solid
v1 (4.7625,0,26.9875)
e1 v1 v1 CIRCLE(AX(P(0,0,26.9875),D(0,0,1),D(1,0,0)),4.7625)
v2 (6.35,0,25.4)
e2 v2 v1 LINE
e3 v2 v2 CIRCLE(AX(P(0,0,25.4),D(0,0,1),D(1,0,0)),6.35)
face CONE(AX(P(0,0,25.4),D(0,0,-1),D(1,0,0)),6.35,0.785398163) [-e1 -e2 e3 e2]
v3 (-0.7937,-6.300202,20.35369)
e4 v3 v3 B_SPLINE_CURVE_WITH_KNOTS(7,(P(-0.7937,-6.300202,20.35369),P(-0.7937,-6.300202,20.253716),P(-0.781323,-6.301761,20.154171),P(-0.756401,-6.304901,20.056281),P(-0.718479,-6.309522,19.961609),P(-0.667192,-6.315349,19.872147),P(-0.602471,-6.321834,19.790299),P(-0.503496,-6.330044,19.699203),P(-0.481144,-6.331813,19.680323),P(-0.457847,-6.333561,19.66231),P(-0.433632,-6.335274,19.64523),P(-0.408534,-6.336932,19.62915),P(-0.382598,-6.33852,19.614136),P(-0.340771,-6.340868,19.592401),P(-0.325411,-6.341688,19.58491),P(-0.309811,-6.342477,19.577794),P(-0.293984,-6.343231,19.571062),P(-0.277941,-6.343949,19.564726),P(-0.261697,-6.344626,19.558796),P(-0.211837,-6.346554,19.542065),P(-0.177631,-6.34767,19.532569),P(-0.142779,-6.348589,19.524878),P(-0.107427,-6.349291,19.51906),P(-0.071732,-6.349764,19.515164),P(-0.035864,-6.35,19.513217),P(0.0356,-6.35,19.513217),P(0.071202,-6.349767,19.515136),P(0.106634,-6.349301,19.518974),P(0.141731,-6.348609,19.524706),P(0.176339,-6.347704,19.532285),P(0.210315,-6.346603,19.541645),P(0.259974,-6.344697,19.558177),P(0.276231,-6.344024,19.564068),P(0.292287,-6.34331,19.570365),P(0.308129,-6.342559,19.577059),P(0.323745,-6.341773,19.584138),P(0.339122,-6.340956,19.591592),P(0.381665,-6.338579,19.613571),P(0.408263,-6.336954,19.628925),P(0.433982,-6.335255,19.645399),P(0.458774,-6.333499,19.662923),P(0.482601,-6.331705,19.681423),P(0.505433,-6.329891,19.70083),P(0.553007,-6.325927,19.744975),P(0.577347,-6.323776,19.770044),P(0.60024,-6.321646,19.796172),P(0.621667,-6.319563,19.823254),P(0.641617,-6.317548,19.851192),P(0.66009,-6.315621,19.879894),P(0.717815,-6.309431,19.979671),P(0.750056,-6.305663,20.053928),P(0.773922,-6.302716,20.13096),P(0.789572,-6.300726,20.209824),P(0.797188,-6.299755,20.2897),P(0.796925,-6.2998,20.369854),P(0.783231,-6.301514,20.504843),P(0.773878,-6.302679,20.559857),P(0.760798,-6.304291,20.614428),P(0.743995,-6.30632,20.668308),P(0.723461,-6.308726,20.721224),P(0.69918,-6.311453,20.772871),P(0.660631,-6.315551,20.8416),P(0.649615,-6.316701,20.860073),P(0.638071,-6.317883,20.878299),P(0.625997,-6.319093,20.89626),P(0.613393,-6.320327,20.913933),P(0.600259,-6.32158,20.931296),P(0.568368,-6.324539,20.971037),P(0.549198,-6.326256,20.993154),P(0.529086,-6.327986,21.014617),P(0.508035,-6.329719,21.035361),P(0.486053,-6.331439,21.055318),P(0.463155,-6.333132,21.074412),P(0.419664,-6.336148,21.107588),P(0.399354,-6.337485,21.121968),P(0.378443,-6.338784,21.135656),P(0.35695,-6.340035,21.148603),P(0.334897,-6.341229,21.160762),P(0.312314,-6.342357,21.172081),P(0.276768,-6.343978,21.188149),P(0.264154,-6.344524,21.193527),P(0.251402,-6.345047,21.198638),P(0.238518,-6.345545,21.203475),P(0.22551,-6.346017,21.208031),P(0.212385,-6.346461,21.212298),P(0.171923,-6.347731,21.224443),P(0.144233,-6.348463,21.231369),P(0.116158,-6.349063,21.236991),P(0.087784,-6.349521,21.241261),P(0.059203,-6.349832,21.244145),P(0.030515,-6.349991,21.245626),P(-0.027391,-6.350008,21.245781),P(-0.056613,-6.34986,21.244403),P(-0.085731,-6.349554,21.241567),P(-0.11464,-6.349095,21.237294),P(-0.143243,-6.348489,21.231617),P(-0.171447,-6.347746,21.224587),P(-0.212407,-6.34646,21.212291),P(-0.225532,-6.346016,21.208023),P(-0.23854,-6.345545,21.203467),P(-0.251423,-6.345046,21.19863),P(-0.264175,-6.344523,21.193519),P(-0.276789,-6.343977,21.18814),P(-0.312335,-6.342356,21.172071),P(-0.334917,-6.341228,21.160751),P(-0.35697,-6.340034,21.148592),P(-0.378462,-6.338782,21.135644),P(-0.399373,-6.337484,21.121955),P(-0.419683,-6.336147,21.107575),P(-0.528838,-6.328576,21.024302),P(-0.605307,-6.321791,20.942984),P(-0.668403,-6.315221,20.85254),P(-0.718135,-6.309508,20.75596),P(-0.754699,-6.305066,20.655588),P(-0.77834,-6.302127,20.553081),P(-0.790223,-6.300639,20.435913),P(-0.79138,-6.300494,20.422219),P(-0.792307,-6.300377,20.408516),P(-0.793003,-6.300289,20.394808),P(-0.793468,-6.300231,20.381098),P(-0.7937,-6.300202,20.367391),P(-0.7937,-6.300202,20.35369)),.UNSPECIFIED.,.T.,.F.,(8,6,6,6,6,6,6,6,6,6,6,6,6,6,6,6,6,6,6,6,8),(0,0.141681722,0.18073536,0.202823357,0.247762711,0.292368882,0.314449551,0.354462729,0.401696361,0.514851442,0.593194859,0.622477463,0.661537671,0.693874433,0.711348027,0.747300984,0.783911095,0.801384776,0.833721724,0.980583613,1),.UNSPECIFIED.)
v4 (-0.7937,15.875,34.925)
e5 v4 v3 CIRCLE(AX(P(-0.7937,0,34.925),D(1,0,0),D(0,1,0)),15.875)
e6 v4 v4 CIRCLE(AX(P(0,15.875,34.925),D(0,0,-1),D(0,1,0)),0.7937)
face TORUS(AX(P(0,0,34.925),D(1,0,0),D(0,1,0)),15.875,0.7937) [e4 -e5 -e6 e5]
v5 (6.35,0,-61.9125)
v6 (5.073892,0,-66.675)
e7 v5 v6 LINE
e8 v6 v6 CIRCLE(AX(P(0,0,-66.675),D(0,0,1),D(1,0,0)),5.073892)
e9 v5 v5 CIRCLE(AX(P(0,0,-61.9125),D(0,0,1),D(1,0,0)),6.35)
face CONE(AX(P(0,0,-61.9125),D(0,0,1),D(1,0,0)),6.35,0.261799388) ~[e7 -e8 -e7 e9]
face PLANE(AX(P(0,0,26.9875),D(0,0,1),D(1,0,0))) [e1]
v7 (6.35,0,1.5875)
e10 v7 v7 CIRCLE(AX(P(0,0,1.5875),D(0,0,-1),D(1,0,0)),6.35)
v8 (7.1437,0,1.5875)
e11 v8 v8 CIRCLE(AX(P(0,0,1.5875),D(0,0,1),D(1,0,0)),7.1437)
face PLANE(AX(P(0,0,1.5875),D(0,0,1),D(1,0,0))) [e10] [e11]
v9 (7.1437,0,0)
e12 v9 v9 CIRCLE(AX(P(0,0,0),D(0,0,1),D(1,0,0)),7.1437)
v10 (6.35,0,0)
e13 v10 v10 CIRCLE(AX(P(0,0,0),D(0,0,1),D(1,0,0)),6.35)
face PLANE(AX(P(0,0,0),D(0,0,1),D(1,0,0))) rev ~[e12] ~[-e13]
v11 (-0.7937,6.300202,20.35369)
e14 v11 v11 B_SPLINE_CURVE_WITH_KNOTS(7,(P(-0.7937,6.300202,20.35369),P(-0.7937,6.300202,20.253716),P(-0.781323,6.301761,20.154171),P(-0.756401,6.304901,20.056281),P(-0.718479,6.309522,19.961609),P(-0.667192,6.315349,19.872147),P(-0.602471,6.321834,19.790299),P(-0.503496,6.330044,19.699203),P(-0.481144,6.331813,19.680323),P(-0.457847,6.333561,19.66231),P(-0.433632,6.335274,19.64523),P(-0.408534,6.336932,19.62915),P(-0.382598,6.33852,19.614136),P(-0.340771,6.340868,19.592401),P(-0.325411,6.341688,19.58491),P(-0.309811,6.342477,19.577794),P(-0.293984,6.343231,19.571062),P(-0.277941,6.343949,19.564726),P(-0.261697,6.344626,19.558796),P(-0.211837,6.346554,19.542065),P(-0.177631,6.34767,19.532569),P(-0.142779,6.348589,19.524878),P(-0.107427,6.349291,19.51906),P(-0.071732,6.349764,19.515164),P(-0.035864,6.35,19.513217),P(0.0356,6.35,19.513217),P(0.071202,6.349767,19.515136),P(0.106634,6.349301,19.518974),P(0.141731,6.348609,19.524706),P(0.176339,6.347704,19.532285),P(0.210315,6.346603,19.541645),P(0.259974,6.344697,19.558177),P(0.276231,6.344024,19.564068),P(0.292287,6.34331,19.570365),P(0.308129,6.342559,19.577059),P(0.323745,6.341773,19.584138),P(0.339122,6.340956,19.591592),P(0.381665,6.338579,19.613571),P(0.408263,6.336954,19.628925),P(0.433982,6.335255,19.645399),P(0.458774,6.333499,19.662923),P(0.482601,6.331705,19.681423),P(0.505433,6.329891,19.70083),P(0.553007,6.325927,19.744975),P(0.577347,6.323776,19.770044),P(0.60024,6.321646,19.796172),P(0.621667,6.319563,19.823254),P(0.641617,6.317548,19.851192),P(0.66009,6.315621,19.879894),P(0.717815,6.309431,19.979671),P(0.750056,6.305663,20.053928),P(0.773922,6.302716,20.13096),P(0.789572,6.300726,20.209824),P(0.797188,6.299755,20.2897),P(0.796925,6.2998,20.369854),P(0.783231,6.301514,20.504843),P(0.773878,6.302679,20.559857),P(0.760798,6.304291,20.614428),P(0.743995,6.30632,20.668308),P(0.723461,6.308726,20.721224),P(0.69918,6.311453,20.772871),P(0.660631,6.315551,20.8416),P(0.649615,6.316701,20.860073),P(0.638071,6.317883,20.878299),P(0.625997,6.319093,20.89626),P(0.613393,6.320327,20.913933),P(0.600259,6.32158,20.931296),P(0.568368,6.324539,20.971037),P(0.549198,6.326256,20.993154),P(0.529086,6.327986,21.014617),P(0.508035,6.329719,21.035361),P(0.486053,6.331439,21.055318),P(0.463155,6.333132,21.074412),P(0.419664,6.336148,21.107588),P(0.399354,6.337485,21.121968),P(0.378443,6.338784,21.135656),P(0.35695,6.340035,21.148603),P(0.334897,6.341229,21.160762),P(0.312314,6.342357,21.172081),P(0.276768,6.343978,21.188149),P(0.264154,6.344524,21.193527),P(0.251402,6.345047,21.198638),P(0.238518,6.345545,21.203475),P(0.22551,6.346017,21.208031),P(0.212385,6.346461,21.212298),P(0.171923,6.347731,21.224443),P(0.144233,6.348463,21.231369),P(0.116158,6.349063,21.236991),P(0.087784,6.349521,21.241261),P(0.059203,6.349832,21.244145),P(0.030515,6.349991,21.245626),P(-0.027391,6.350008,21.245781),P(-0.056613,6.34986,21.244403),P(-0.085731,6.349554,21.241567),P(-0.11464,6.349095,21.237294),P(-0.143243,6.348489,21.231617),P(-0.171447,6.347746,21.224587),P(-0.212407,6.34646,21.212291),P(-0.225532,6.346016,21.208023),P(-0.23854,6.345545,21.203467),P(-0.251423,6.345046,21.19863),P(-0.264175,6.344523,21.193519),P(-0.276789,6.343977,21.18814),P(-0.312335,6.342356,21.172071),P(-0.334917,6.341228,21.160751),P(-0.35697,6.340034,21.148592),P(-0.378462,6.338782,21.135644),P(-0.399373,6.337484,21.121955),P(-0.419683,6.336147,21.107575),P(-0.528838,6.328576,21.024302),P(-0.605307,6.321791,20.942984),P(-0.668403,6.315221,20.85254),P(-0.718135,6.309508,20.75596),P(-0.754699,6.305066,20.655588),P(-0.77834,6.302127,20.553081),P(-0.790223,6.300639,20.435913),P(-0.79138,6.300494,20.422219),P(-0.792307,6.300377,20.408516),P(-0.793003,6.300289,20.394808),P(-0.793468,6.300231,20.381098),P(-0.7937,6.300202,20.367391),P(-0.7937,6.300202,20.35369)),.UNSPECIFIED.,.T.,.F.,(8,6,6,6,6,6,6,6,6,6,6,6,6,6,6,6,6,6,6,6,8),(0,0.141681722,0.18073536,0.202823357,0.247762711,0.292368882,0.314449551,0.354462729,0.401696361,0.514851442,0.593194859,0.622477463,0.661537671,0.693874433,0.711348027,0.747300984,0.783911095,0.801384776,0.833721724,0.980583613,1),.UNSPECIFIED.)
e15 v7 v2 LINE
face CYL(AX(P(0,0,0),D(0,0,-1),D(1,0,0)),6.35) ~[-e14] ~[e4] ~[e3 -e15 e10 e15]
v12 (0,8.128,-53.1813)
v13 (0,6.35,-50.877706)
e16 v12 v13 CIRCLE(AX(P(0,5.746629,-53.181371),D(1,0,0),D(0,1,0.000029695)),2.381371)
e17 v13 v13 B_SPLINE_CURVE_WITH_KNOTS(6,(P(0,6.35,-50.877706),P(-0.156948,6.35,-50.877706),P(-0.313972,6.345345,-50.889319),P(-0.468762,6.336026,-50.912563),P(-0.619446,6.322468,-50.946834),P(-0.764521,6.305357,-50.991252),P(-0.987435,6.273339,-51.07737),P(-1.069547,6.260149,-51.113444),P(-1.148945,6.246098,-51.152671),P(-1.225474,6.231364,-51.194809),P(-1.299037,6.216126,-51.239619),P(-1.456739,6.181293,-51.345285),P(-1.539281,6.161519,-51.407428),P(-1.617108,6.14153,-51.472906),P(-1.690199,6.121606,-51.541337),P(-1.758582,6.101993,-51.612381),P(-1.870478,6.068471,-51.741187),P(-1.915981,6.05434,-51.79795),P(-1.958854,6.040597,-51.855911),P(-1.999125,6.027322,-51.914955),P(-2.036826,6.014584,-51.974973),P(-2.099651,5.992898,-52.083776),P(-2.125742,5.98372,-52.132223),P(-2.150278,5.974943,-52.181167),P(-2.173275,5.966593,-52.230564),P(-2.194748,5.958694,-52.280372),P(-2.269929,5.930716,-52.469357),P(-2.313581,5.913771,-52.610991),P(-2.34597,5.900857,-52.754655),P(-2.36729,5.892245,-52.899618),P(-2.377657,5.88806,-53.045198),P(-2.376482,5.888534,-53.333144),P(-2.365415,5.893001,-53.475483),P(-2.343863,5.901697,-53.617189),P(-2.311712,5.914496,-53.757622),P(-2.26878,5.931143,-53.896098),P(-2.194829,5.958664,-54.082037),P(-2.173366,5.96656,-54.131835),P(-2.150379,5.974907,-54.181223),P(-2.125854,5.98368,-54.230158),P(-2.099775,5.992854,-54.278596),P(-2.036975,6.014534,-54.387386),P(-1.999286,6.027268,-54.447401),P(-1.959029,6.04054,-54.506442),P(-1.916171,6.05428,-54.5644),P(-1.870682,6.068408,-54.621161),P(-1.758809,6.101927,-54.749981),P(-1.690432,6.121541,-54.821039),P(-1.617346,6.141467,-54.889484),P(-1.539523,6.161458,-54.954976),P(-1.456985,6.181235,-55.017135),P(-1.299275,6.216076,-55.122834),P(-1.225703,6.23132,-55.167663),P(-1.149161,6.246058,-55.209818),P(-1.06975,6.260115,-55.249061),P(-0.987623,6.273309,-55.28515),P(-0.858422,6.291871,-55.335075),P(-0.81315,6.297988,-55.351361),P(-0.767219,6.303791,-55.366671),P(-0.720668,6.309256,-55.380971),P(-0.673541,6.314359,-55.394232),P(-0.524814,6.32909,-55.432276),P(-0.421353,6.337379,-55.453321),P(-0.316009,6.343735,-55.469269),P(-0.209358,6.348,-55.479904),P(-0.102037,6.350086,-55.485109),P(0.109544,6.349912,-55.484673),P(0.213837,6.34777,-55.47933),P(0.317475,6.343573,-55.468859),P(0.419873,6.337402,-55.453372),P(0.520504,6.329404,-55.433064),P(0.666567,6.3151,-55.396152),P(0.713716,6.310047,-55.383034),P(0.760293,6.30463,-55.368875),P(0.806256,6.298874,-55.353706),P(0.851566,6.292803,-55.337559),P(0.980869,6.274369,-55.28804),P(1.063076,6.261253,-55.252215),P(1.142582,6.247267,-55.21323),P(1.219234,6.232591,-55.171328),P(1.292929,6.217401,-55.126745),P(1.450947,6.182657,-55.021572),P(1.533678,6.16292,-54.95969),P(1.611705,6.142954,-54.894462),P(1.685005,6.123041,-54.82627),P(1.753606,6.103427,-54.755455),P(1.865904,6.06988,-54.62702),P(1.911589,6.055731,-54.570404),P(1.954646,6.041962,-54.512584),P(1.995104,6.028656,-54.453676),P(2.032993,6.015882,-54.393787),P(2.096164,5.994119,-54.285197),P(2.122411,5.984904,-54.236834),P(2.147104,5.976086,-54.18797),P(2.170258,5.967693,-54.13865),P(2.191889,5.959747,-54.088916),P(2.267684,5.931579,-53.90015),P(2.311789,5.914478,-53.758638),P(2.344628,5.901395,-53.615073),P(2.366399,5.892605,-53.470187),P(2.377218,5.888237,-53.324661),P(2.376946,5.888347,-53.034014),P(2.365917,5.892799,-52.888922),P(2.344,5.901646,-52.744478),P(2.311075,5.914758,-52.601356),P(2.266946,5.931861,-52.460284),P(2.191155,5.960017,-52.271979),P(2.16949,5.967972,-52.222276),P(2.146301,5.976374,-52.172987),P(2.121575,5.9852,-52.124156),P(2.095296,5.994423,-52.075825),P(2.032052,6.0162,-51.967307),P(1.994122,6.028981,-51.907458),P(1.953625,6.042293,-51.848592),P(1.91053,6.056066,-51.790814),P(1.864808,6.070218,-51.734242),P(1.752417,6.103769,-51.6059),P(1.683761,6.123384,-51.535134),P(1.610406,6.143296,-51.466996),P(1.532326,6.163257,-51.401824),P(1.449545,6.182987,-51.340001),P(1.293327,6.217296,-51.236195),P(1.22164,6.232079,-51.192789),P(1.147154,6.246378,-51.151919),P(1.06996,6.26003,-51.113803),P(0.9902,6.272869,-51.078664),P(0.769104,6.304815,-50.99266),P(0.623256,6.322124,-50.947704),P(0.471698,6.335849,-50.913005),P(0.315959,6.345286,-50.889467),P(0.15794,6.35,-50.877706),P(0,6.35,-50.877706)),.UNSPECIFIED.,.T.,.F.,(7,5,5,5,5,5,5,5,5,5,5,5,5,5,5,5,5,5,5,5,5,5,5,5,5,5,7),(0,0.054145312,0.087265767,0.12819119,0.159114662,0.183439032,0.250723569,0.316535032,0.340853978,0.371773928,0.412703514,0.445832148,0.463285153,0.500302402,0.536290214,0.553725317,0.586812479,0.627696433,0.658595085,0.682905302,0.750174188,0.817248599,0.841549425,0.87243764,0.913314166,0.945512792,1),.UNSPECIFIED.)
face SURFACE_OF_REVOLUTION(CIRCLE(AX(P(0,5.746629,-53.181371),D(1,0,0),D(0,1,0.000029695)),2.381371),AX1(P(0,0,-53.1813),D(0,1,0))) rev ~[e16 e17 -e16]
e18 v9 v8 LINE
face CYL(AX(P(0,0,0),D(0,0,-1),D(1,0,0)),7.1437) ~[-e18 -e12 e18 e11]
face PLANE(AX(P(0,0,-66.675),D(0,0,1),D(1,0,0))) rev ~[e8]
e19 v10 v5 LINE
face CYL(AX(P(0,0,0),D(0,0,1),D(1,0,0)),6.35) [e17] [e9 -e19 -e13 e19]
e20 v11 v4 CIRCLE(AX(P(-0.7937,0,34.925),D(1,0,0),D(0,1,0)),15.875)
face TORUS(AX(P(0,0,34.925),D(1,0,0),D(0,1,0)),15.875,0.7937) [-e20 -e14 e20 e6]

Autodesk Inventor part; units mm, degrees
ref_plane "YZ Plane" through (0, 0, 0) normal (1, 0, 0) x (0, 1, 0)
ref_plane "XZ Plane" through (0, 0, 0) normal (0, 1, 0) x (-1, 0, 0)
ref_plane "XY Plane" through (0, 0, 0) normal (0, 0, 1) x (1, 0, 0)
sketch "Sketch1" plane through (0, 0, 0) normal (0, 0, 1) x (1, 0, 0)
  circle A0 centre (0, 0) radius 6.35
  dimension "d0" = 12.7
extrude "Extrusion1" add sketch "Sketch1" along normal blind 26.9875 and the other way blind 66.675
sketch "Sketch2" plane through (0, 0, 0) normal (0, 0, 1) x (1, 0, 0)
  circle A0 centre (0, 0) radius 7.1437
  dimension "d5" = 14.2875
extrude "Extrusion2" add sketch "Sketch2" along normal blind 1.5875
chamfer "Chamfer1" distance 4.7625 angle 15 1 edges at (-6.35, 0, -66.675) measured on face at (6.3294, -0.511, -44.45)
chamfer "Chamfer2" distance 1.5875 angle 45 1 edges at (-6.35, 0, 26.9875)
sketch "Sketch3" plane through (0, 0, 0) normal (1, 0, 0) x (0, 1, 0)
  line L0 (0, -53.1813) -> (8.128, -53.1813)
  arc A0 (8.128, -53.1813) -> (5.7468, -50.8) centre (5.7468, -53.1813) ccw
  line L1 (5.7468, -50.8) -> (0, -50.8)
  line L2 (0, -50.8) -> (0, -53.1813)
  point P0 (0, 0)
  dimension "d14" = 4.7625
  dimension "d15" = 50.8
  dimension "d16" = 8.128
revolve "Revolution1" add sketch "Sketch3" angle 360 about axis through (0, 0, -53.1813) along (0, 1, 0)
sketch "Sketch4" plane through (0, 0, 0) normal (1, 0, 0) x (0, 1, 0)
  circle A0 centre (0, 34.925) radius 15.875
  point P0 (0, 0)
  dimension "d18" = 31.75
  dimension "d19" = 34.925
sketch "Sketch5" plane through (0, 0, 0) normal (0, 1, 0) x (-1, 0, 0)
  line L0 (0, 50.8) -> (0, 19.05) construction
  circle A0 centre (0, 50.8) radius 0.7937
  point P0 (0, 0)
  dimension "d20" = 1.5875
sweep "Sweep1" add profiles "Sketch5" path "Sketch4"
properties part number "Quick release pin" material "Stainless Steel"
